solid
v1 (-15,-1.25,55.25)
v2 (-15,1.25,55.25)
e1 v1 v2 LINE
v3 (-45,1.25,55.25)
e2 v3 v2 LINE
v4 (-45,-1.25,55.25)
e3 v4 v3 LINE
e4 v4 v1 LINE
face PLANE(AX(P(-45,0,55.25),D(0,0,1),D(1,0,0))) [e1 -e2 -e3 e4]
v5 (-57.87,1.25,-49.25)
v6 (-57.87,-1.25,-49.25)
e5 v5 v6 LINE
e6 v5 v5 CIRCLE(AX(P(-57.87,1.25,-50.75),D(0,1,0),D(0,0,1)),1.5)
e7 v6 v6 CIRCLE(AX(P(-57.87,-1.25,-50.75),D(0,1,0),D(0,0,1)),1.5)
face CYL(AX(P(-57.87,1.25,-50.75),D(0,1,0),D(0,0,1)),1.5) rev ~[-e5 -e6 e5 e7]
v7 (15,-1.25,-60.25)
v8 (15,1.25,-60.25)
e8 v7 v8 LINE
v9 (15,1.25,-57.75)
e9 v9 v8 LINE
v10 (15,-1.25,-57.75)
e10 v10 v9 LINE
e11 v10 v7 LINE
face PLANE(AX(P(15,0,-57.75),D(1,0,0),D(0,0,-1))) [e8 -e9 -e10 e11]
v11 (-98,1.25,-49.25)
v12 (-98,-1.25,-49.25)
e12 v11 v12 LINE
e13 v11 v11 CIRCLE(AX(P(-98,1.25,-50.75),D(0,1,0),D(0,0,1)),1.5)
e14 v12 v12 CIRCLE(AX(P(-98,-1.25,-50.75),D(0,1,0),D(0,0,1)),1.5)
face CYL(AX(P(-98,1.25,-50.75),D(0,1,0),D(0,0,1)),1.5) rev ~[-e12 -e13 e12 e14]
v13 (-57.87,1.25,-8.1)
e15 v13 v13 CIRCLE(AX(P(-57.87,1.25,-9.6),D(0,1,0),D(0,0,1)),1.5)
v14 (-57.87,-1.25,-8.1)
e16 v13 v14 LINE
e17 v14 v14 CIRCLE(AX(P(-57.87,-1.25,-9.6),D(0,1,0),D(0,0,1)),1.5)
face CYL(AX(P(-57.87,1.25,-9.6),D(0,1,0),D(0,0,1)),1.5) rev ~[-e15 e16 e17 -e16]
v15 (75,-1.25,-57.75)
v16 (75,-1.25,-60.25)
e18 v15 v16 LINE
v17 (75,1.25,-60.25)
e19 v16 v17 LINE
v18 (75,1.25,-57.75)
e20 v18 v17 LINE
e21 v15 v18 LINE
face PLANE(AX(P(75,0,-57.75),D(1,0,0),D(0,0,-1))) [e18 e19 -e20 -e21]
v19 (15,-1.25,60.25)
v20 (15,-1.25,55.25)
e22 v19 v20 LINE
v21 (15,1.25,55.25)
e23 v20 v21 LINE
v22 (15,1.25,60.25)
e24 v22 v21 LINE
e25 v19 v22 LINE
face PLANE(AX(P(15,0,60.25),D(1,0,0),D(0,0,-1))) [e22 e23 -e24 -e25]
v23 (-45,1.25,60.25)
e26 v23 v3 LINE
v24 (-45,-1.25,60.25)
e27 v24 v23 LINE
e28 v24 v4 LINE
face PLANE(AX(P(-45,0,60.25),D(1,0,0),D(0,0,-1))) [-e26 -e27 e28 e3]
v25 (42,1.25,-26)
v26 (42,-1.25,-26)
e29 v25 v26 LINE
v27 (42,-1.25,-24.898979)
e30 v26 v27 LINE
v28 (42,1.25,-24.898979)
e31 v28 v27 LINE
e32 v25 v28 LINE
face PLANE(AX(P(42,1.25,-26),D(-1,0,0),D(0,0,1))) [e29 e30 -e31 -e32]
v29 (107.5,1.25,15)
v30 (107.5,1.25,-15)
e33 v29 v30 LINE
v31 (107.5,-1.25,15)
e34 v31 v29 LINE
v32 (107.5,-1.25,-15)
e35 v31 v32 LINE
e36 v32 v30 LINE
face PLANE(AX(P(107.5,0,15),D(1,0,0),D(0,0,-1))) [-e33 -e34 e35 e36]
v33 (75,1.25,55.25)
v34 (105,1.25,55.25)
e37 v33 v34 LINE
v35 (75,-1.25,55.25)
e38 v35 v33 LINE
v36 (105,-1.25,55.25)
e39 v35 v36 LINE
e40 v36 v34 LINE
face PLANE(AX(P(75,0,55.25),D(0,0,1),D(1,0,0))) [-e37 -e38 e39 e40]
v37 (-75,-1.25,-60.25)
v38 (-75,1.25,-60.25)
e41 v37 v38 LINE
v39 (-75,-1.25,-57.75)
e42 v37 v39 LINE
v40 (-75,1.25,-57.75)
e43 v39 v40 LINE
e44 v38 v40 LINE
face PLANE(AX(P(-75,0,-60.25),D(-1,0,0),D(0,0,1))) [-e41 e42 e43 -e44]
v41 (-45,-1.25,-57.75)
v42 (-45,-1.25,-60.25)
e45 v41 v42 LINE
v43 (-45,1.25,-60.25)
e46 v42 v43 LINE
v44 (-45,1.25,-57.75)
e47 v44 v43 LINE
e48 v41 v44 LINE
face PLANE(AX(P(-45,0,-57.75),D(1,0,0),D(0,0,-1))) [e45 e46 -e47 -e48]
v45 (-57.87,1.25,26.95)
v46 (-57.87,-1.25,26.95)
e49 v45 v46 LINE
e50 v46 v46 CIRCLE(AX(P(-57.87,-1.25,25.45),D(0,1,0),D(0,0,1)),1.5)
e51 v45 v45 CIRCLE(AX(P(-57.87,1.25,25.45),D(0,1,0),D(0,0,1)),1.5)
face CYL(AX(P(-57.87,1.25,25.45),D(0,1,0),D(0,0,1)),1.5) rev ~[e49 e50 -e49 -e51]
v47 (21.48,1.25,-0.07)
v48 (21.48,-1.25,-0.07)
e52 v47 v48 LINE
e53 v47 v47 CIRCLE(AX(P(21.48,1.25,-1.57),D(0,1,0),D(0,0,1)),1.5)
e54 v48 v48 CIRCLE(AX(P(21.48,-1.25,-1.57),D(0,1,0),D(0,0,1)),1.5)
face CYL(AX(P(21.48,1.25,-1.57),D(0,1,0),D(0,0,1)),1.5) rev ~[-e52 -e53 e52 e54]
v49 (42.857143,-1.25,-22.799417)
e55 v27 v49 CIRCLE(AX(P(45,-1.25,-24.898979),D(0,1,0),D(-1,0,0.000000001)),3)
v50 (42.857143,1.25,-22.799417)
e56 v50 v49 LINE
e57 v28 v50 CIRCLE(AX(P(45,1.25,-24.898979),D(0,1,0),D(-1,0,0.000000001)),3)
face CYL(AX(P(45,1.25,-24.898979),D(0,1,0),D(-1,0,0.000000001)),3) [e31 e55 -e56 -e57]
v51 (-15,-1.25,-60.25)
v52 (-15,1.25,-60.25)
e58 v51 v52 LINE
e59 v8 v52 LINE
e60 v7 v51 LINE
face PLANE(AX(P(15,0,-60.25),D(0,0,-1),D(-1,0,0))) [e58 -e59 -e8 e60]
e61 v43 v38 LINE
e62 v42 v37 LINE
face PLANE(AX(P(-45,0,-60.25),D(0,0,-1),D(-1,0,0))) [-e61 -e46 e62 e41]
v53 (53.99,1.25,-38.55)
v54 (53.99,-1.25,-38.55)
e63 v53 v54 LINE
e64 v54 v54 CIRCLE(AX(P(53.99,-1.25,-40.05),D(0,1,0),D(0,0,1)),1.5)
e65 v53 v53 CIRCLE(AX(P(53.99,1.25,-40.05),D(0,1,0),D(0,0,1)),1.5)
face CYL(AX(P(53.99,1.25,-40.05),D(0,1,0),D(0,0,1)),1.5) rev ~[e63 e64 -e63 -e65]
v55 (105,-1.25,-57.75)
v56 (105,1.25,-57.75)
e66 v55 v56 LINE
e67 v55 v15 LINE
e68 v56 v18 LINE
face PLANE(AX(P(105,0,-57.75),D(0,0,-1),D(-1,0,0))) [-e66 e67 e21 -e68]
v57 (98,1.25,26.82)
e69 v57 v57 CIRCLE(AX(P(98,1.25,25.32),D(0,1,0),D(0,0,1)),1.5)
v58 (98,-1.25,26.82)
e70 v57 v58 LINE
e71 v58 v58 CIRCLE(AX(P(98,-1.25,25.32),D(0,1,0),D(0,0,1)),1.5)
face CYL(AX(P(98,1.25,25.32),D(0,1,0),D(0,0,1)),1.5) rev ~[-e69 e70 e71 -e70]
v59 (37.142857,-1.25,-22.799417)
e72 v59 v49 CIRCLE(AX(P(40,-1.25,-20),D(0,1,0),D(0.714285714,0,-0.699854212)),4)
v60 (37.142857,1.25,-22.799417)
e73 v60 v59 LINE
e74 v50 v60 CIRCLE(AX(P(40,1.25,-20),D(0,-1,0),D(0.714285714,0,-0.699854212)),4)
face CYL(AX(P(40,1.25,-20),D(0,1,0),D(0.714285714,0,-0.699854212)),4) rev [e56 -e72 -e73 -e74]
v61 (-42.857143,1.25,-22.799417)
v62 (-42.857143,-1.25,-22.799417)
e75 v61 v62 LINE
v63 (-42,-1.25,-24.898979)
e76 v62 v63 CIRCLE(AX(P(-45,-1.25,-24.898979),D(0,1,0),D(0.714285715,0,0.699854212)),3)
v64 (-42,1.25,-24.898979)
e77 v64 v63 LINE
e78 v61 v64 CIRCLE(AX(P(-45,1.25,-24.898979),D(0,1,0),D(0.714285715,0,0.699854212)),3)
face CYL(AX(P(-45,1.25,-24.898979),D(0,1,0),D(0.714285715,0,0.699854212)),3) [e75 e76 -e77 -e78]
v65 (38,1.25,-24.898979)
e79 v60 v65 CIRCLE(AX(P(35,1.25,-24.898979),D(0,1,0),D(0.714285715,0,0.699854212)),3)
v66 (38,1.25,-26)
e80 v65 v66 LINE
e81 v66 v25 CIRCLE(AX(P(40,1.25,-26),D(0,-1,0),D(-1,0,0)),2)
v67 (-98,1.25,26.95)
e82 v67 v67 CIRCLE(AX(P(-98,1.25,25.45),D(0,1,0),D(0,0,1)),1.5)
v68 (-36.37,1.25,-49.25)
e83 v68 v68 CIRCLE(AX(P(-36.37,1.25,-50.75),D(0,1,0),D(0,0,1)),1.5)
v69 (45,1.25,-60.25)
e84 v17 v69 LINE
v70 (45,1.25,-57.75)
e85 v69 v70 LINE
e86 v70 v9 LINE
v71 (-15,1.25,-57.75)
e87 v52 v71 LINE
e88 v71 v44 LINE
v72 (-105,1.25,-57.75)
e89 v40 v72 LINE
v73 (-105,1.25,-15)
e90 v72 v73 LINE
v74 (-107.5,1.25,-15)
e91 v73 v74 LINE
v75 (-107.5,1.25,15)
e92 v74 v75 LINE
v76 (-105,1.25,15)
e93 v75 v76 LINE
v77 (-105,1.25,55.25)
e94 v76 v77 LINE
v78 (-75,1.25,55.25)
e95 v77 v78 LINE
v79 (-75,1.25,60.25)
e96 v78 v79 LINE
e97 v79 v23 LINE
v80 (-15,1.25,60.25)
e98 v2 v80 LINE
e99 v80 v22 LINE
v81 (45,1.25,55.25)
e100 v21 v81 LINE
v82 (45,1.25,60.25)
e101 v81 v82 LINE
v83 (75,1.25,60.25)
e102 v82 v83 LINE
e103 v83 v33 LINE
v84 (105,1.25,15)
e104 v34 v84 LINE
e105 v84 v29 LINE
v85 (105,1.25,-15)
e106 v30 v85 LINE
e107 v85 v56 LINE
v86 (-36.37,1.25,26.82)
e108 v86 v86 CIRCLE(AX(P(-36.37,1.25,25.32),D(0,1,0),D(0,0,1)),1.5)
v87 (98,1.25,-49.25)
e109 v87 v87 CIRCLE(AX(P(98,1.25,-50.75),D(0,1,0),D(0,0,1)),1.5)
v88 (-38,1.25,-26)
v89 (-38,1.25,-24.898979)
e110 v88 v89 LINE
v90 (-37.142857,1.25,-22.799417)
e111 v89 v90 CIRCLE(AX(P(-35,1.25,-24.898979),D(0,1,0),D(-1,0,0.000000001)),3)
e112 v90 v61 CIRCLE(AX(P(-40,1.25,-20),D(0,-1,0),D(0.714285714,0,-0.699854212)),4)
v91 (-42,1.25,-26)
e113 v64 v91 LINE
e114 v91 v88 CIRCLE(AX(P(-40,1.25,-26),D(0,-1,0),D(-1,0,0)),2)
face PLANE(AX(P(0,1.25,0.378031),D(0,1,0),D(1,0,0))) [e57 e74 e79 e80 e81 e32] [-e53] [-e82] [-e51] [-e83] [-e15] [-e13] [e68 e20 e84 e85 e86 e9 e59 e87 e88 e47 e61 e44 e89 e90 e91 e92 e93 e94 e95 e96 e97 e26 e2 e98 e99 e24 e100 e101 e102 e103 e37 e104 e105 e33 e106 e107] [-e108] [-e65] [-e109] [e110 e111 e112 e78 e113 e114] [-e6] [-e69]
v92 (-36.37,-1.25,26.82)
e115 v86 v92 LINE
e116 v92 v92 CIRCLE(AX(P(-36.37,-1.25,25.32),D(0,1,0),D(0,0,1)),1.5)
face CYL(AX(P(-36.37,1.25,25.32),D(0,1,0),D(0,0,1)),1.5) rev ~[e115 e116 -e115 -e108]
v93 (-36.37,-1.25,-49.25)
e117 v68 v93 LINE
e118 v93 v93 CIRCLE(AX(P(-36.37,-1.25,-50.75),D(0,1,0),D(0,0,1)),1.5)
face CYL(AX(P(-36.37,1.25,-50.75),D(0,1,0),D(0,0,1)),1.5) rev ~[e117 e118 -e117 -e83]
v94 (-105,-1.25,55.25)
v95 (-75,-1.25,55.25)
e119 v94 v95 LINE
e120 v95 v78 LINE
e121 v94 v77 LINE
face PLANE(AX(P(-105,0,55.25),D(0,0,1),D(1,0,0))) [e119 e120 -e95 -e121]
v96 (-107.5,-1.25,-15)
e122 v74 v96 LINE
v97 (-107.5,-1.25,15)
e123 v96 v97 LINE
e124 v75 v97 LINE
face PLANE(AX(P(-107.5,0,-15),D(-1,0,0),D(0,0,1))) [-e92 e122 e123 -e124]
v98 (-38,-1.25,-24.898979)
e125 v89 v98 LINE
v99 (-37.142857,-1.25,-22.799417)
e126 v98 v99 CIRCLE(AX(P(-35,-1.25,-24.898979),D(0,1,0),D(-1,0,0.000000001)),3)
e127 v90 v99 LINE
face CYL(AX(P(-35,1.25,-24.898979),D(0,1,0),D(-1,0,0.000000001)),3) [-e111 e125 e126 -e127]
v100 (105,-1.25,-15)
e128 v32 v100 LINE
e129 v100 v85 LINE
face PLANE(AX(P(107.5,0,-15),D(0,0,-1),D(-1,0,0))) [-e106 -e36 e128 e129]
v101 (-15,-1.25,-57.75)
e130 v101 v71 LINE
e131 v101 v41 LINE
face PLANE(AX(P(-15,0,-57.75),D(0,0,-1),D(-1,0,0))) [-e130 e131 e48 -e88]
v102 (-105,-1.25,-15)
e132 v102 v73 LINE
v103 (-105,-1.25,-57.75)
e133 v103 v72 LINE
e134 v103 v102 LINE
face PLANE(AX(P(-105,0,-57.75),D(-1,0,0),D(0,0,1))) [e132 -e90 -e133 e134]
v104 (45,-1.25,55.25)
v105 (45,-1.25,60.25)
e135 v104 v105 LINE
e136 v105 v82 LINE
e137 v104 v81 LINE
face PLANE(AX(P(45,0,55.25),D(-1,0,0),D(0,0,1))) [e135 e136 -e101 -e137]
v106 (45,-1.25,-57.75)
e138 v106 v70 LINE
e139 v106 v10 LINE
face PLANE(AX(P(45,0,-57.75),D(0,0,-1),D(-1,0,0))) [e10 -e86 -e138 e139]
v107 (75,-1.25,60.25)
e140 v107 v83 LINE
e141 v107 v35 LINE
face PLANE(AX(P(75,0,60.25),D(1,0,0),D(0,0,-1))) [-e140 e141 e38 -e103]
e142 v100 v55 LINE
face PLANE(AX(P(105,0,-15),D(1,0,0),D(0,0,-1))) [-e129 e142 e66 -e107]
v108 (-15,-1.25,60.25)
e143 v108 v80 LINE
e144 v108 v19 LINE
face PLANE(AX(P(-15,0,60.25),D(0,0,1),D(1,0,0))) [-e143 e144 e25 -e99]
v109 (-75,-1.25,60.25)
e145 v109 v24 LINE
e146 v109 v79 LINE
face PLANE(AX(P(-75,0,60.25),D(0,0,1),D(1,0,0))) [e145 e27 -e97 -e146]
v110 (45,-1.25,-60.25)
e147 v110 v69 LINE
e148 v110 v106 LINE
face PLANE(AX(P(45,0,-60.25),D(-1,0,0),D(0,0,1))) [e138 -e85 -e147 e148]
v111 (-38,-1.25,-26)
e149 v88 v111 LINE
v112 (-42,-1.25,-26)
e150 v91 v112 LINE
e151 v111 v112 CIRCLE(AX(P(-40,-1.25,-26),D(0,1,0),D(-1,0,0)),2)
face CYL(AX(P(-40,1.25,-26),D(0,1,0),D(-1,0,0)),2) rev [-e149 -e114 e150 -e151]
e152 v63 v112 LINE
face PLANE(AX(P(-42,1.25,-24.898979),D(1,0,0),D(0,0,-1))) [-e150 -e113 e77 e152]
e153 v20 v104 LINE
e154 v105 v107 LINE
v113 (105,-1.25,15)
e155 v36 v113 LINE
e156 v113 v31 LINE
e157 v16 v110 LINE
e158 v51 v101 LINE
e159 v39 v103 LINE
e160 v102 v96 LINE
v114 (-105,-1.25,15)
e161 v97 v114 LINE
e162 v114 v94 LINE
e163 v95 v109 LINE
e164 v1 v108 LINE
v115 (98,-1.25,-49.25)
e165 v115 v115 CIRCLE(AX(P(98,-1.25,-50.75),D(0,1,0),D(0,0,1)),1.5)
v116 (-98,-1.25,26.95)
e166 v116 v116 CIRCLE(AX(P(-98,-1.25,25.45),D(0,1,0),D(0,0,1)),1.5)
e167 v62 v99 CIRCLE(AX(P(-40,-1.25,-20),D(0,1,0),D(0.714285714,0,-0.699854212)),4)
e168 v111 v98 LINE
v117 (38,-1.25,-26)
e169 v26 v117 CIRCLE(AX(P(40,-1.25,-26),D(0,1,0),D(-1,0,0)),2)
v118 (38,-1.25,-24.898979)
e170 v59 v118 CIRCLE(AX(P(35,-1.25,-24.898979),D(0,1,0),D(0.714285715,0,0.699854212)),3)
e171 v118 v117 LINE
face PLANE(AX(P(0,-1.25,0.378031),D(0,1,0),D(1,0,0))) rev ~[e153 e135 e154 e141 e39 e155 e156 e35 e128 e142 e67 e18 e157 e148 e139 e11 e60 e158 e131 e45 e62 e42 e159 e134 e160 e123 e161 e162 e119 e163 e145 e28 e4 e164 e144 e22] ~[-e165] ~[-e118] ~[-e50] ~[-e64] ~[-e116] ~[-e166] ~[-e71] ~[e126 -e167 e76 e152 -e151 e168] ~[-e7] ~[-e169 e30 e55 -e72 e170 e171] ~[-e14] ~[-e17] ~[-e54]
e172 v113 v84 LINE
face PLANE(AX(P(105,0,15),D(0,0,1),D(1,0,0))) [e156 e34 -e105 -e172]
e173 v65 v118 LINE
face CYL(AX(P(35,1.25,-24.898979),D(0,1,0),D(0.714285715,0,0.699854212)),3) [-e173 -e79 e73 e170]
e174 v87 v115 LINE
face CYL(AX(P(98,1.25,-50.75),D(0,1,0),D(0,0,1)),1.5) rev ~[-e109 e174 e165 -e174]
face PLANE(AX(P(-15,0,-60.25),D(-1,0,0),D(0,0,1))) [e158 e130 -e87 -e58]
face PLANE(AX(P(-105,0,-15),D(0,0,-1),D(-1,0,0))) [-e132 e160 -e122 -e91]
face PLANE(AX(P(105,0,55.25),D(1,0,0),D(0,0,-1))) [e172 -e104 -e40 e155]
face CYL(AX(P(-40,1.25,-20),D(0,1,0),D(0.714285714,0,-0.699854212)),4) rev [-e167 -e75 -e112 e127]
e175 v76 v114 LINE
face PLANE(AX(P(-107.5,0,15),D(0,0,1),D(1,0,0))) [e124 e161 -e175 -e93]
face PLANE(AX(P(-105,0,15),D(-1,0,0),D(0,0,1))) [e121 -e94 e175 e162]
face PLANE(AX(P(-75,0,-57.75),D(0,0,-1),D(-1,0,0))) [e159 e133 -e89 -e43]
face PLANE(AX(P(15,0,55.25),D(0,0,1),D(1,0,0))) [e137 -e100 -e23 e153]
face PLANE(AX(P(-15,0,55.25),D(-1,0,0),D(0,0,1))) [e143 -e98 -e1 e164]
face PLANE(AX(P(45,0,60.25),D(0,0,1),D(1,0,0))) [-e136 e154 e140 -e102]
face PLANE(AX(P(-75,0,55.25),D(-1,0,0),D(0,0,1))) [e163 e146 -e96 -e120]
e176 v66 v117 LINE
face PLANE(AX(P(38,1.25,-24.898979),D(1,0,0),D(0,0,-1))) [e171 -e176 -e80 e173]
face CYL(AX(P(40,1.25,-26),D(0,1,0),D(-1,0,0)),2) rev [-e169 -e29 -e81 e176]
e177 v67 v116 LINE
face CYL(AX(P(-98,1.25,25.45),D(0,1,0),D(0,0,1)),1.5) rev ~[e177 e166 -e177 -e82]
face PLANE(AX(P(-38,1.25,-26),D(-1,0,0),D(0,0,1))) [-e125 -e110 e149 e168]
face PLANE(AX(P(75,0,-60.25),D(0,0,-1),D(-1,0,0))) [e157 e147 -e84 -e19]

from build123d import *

# Parameters (mm, degrees)
BOSS_EXTRUDE2_DEPTH = 1.25
SKETCH5_R           = 1.5
CUT_EXTRUDE3_DEPTH  = 124.258113323


with BuildPart() as part:
    # Sketch2<4> → Boss-Extrude2 (new, symmetric)
    with BuildSketch(Plane(origin=(0, 0, 0), x_dir=(1, 0, 0), z_dir=(0, 1, 0))):
        Polygon((-105, -15), (-105, -55.25), (-75, -55.25), (-75, -60.25), (-45, -60.25), (-45, -55.25), (-15, -55.25), (-15, -60.25), (15, -60.25), (15, -55.25), (45, -55.25), (45, -60.25), (75, -60.25), (75, -55.25), (105, -55.25), (105, -15), (107.5, -15), (107.5, 15), (105, 15), (105, 57.75), (75, 57.75), (75, 60.25), (45, 60.25), (45, 57.75), (15, 57.75), (15, 60.25), (-15, 60.25), (-15, 57.75), (-45, 57.75), (-45, 60.25), (-75, 60.25), (-75, 57.75), (-105, 57.75), (-105, 15), (-107.5, 15), (-107.5, -15), align=None)
    extrude(amount=BOSS_EXTRUDE2_DEPTH, both=True)

    # Sketch5 → Cut-Extrude3 (cut, through all)
    with BuildSketch(Plane(origin=(0, 1.25, 0), x_dir=(1, 0, 0), z_dir=(0, 1, 0))):
        with Locations((98, 50.75)):
            Circle(SKETCH5_R)
        with Locations((-36.37, 50.75)):
            Circle(SKETCH5_R)
        with Locations((-36.37, -25.32)):
            Circle(SKETCH5_R)
        with Locations((98, -25.32)):
            Circle(SKETCH5_R)
        with Locations((53.99, 40.05)):
            Circle(SKETCH5_R)
        with Locations((21.48, 1.57)):
            Circle(SKETCH5_R)
        with Locations((-98, 50.75)):
            Circle(SKETCH5_R)
        with Locations((-57.87, 50.75)):
            Circle(SKETCH5_R)
        with Locations((-98, -25.45)):
            Circle(SKETCH5_R)
        with Locations((-57.87, -25.45)):
            Circle(SKETCH5_R)
        with Locations((-57.87, 9.6)):
            Circle(SKETCH5_R)
        with BuildLine():
            Line((-38, 26), (-38, 24.898979486))
            ThreePointArc((-38, 24.898979486), (-37.777460299, 23.765086067), (-37.142857143, 22.799416849))
            ThreePointArc((-37.142857143, 22.799416849), (-40, 16), (-42.857142857, 22.799416849))
            ThreePointArc((-42.857142857, 22.799416849), (-42.222539701, 23.765086067), (-42, 24.898979486))
            Line((-42, 24.898979486), (-42, 26))
            ThreePointArc((-42, 26), (-40, 28), (-38, 26))
        make_face()
        with BuildLine():
            Line((42, 26), (42, 24.898979486))
            ThreePointArc((42, 24.898979486), (42.222539701, 23.765086067), (42.857142857, 22.799416849))
            ThreePointArc((42.857142857, 22.799416849), (40, 16), (37.142857143, 22.799416849))
            ThreePointArc((37.142857143, 22.799416849), (37.777460299, 23.765086067), (38, 24.898979486))
            Line((38, 24.898979486), (38, 26))
            ThreePointArc((38, 26), (40, 28), (42, 26))
        make_face()
    extrude(amount=-CUT_EXTRUDE3_DEPTH, mode=Mode.SUBTRACT)


solid = part.part
